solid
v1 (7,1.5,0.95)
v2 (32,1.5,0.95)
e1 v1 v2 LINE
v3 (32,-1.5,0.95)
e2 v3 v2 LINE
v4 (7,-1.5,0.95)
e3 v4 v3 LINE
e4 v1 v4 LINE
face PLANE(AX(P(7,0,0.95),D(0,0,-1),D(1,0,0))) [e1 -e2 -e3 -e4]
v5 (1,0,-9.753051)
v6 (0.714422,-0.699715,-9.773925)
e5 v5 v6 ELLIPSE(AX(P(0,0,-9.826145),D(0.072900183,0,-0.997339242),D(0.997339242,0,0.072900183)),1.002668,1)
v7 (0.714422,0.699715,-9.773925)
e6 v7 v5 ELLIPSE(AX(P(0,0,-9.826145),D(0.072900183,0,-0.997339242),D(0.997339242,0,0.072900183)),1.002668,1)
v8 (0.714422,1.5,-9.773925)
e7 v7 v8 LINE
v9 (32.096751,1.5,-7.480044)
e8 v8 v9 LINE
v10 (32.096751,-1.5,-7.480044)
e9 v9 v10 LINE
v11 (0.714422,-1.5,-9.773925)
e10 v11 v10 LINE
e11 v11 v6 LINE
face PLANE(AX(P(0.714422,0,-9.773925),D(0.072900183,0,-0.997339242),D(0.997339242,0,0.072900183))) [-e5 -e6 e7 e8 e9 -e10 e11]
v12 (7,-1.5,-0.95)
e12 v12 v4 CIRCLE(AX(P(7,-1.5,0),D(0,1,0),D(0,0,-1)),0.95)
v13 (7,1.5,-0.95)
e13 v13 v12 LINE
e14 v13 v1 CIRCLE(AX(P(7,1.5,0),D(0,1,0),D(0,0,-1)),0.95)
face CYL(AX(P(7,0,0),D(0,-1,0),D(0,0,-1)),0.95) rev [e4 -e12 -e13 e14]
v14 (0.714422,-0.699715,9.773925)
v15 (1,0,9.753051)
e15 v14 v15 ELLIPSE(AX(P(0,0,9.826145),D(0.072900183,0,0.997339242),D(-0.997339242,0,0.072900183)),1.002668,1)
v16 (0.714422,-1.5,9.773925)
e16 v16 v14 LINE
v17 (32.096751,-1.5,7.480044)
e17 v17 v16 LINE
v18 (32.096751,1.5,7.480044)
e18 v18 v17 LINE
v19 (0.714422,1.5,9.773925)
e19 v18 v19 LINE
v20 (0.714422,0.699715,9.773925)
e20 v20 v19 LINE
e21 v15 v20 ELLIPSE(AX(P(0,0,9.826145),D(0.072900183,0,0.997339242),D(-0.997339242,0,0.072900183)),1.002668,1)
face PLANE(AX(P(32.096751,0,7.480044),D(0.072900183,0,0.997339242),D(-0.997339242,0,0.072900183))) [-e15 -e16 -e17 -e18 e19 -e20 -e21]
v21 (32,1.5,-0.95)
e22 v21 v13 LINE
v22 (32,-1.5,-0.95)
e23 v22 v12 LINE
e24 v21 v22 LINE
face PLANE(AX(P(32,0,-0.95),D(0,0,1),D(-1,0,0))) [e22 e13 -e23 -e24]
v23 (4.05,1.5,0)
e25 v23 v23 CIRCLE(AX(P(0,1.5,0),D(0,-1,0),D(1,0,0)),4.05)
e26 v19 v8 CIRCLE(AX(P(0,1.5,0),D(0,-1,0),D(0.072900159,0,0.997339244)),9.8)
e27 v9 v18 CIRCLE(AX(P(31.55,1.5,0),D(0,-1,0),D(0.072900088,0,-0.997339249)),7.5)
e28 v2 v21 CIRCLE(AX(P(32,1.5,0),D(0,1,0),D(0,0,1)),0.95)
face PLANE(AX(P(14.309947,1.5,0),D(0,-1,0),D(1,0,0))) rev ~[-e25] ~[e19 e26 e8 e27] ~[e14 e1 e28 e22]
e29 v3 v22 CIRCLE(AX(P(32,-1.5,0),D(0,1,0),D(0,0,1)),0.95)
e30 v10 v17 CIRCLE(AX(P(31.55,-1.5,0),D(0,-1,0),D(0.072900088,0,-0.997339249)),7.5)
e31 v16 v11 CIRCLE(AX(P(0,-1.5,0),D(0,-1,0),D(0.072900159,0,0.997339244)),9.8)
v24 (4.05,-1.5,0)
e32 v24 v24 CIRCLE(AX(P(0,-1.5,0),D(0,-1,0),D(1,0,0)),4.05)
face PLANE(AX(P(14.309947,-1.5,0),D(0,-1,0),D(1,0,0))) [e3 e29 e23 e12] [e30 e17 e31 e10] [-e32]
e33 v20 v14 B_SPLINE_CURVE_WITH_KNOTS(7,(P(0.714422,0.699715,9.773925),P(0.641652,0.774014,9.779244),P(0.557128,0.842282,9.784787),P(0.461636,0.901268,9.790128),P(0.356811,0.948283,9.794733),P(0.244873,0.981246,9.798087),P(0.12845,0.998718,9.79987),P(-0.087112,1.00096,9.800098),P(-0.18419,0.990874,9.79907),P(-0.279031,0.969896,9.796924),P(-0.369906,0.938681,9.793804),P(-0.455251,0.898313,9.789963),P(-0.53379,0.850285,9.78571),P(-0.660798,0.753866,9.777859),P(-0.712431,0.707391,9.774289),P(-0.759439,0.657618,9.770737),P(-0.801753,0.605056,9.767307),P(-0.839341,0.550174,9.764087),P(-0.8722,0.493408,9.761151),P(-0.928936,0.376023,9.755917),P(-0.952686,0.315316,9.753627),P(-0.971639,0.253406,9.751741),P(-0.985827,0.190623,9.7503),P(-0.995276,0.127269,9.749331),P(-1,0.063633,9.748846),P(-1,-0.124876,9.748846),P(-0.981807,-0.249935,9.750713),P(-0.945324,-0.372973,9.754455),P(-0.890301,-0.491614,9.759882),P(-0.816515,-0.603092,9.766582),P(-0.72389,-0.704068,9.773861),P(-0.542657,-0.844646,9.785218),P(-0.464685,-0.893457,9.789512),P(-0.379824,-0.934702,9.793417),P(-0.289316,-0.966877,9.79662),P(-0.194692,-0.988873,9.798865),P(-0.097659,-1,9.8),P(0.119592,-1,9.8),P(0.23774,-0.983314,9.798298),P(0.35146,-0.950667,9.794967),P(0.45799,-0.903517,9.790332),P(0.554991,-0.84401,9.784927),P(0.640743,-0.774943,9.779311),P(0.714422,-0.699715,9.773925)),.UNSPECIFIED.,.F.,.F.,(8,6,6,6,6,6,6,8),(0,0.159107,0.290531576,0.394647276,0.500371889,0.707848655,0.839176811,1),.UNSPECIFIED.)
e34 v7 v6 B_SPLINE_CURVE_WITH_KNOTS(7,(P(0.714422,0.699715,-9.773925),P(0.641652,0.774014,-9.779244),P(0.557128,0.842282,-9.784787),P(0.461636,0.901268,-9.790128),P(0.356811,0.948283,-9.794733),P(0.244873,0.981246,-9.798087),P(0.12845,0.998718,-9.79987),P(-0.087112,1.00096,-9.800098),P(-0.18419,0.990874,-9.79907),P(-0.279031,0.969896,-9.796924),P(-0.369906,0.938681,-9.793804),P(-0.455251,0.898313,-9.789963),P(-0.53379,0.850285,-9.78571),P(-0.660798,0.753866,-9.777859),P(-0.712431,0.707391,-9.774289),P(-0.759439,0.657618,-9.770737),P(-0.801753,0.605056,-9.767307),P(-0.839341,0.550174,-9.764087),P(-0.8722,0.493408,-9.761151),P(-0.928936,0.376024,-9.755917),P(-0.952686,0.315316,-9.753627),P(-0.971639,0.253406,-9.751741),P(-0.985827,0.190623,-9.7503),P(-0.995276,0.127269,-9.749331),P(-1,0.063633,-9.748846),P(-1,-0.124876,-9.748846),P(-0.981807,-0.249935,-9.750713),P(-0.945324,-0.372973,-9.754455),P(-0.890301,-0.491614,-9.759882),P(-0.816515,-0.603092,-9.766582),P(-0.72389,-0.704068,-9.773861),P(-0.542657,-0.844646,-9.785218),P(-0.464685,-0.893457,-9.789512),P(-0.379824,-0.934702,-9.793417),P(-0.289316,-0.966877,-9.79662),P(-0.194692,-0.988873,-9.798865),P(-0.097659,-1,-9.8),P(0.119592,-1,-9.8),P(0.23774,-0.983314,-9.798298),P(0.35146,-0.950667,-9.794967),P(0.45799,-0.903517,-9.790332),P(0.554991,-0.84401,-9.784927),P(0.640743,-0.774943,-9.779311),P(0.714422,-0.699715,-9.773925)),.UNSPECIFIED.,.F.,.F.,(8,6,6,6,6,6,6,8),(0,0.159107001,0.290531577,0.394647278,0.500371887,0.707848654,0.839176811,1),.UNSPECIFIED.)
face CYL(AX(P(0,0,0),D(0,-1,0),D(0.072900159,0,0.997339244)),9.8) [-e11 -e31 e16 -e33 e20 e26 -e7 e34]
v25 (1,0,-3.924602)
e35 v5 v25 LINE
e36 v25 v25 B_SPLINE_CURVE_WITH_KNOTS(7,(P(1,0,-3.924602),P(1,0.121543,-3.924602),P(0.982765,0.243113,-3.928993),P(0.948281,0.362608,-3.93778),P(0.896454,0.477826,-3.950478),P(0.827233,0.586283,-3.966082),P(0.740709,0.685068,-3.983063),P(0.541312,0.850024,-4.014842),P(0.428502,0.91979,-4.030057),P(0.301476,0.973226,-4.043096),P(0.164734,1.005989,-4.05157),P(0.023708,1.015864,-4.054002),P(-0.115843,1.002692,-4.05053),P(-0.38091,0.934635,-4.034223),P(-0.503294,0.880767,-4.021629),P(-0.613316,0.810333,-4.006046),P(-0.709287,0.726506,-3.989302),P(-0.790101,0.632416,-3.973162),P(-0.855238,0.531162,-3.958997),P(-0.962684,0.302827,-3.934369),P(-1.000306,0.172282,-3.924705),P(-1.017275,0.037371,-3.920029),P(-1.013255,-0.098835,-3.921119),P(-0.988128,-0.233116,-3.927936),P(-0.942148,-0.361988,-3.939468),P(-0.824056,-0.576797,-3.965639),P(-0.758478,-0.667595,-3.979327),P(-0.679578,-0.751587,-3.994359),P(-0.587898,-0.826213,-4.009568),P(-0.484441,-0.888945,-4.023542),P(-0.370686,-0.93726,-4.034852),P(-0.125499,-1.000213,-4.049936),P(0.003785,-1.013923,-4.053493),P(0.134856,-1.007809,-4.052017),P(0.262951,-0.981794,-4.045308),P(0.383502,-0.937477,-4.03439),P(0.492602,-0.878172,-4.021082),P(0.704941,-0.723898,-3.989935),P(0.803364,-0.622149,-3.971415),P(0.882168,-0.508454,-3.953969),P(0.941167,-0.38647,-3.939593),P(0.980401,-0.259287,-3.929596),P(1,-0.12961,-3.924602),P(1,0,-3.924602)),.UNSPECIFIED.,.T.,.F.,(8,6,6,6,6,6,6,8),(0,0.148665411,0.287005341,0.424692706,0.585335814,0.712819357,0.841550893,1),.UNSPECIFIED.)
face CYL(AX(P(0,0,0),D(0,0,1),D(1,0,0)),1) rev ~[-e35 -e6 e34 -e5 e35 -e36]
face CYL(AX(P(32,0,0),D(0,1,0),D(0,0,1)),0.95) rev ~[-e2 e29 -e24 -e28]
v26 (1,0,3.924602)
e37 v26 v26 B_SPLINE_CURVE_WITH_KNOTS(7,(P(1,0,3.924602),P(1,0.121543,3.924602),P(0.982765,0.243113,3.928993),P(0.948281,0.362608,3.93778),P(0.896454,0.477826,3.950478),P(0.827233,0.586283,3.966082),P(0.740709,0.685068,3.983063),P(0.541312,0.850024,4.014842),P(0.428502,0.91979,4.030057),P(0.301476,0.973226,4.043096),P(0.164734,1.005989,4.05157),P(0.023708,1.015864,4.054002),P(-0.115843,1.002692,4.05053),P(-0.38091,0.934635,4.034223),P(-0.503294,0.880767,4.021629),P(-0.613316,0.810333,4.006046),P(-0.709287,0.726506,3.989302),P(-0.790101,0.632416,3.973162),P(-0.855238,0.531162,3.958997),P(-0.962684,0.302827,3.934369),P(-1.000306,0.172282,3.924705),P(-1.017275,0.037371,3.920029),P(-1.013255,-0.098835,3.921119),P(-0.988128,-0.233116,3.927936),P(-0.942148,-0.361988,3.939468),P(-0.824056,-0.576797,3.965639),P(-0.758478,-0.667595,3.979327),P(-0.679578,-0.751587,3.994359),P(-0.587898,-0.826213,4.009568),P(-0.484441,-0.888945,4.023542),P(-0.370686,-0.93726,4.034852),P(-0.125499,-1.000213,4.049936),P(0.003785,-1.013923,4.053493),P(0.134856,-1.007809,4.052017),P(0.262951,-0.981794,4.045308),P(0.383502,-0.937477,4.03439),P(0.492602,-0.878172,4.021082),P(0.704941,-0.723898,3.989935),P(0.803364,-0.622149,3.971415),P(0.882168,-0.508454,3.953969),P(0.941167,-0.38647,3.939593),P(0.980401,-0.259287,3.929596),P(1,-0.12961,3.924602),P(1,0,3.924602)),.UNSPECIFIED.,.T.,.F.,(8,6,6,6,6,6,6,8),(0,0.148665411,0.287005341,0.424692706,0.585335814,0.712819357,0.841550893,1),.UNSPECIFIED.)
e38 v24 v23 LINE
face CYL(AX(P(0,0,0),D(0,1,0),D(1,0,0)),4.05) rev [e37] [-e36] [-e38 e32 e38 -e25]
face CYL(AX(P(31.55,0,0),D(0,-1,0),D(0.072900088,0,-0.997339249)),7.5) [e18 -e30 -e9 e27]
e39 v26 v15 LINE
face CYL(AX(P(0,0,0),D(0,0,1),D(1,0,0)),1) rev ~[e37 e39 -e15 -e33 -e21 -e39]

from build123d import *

# Parameters (mm, degrees)
F0_R     = 4.05
F1_DEPTH = 1.5
F2_R     = 1
F3_DEPTH = 12.5


with BuildPart() as f1:
    # F0 (on Front) → F1 (new body, symmetric)
    with BuildSketch(Plane.XZ):
        with BuildLine():
            Line((0.714422, -9.773925), (32.096751, -7.480044))
            ThreePointArc((32.096751, -7.480044), (39.05, 0), (32.096751, 7.480044))
            Line((32.096751, 7.480044), (0.714422, 9.773925))
            ThreePointArc((0.714422, 9.773925), (-9.8, 0), (0.714422, -9.773925))
        make_face()
        Circle(F0_R, mode=Mode.SUBTRACT)
        with BuildLine():
            ThreePointArc((32, 0.95), (32.95, 0), (32, -0.95))
            Line((32, -0.95), (7, -0.95))
            ThreePointArc((7, -0.95), (6.05, 0), (7, 0.95))
            Line((7, 0.95), (32, 0.95))
        make_face(mode=Mode.SUBTRACT)
    extrude(amount=F1_DEPTH, both=True)

    # F2 (on Top) → F3 (cut, symmetric)
    with BuildSketch(Plane.XY):
        Circle(F2_R)
    extrude(amount=F3_DEPTH, both=True, mode=Mode.SUBTRACT)


solid = f1.part
